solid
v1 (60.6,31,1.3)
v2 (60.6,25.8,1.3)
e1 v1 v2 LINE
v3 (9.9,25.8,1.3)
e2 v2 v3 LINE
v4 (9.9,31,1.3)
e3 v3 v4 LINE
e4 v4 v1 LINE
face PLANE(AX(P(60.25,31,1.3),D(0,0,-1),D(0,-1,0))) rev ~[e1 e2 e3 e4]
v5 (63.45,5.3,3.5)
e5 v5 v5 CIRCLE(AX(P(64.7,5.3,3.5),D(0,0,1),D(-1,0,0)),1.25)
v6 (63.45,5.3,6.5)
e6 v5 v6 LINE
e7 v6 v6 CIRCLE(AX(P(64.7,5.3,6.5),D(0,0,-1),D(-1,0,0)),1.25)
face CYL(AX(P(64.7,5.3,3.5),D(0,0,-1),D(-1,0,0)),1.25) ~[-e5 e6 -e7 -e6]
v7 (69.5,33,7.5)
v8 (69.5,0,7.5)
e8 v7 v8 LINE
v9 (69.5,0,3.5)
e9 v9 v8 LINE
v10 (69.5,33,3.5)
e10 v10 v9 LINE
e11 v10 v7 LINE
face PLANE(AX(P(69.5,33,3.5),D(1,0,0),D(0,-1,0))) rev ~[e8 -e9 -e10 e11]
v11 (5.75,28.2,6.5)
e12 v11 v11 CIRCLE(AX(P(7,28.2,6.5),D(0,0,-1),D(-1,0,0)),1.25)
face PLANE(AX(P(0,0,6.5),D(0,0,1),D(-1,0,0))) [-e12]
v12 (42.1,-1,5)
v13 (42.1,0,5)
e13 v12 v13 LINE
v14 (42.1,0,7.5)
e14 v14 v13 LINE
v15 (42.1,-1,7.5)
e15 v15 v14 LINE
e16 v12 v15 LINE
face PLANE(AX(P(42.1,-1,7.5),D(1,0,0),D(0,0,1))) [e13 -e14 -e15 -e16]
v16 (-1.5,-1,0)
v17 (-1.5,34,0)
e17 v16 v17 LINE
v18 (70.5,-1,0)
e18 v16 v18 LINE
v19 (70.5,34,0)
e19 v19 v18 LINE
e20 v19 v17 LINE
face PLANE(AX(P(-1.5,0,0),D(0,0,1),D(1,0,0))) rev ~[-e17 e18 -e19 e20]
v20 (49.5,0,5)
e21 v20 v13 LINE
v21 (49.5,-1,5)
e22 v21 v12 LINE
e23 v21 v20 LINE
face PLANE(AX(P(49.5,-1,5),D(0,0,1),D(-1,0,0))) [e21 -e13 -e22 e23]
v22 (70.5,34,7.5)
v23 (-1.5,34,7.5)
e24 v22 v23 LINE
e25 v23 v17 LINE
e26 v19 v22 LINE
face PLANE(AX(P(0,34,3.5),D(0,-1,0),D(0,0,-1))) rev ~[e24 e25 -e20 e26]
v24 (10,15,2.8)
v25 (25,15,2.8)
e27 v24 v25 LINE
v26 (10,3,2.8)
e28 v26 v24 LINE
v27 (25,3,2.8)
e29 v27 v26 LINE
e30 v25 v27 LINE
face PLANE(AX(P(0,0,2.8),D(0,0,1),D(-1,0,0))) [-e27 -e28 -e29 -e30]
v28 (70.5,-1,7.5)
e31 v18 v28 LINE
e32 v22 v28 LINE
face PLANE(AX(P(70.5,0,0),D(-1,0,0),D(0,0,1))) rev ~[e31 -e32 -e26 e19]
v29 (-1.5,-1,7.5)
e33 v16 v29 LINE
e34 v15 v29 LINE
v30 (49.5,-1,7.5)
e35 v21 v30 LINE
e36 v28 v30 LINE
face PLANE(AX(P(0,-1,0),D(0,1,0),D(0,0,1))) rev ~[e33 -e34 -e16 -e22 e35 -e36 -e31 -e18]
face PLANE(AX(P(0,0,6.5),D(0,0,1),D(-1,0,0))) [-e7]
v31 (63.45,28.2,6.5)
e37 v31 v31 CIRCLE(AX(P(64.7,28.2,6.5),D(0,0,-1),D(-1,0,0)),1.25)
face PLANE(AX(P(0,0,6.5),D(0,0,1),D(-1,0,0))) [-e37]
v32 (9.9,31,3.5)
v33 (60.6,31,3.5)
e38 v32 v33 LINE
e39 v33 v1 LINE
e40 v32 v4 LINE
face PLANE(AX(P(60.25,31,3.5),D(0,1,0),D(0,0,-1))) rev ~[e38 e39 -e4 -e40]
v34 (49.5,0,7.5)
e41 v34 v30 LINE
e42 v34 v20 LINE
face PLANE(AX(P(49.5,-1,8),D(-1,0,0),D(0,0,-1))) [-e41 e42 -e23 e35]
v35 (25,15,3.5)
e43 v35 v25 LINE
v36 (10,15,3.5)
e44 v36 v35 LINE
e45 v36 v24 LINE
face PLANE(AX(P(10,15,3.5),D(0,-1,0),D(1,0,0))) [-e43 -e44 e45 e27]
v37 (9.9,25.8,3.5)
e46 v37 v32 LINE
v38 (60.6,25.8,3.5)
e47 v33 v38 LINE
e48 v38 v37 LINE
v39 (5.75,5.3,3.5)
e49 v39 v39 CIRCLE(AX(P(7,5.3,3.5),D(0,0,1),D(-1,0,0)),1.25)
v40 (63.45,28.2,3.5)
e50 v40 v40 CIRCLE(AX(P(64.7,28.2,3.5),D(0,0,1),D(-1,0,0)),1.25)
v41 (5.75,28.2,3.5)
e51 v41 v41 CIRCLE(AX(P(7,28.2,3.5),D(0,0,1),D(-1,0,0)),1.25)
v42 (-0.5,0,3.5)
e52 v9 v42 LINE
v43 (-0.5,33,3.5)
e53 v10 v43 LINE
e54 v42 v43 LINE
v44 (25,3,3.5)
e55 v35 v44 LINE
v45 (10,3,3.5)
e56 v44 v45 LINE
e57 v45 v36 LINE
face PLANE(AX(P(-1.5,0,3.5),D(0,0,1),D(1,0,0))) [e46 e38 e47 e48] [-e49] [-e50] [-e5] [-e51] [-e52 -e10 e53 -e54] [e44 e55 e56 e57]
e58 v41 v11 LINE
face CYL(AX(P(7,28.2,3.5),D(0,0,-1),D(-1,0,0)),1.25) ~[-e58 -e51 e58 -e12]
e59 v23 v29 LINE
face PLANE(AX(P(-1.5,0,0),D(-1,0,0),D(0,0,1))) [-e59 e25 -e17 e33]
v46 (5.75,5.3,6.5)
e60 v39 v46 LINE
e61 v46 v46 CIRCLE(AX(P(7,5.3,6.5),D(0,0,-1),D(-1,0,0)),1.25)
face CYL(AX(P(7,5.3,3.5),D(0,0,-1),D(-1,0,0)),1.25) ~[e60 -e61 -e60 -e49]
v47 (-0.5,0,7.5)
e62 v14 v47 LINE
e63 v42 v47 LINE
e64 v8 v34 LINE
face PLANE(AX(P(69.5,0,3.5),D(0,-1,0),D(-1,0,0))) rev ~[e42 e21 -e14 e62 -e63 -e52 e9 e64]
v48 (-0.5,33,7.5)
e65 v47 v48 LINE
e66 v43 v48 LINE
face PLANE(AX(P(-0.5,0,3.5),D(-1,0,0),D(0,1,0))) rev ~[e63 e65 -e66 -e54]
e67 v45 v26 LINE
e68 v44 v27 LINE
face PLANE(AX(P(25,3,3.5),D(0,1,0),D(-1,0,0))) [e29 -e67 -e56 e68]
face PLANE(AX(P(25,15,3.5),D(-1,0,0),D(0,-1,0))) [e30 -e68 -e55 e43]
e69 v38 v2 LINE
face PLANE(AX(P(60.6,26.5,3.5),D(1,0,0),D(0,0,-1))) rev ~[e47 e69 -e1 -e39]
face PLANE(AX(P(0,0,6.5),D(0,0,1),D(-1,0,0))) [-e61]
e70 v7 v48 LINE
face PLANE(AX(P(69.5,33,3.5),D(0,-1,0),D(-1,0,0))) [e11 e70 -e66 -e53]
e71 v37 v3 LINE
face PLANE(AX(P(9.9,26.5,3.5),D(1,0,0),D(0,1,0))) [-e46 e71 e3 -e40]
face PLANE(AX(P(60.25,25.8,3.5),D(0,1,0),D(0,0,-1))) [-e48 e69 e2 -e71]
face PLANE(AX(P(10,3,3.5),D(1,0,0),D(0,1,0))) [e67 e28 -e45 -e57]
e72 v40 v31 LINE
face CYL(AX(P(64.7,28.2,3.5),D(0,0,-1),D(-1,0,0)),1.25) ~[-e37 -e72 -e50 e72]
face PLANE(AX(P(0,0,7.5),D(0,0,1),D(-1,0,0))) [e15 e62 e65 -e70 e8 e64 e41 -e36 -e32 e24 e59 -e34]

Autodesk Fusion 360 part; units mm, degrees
sketch "Sketch1" plane through (0, 0, 0) normal (0, 0, 1) x (1, 0, 0)
  line L0 (0, 0) -> (70.5, 0)
  line L1 (70.5, 0) -> (70.5, 32)
  line L2 (70.5, 32) -> (0, 32)
  line L3 (0, 32) -> (0, 0)
  dimension "d1" = 70.5
  dimension "d2" = 32
extrude "Extrude1" add sketch "Sketch1" along normal blind 1.5
extrude "Extrude2" add 1 faces at (47, 32, 0.5) along direction (0, 1, 0) blind 1
extrude "Extrude3" add 1 faces at (23.5, 22, 1.5) along direction (0, 0, 1) blind 2
sketch "Sketch2" plane through (0, 0, 3.5) normal (0, 0, 1) x (-1, 0, 0)
  line L0 (0, -33) -> (0, 0)
  line L1 (0, 0) -> (-70.5, 0)
  line L2 (-70.5, 0) -> (-70.5, -33)
  line L3 (-70.5, -33) -> (0, -33)
  line L4 (-35.25, -33) -> (-35.25, -31)
  line L5 (-35.25, -31) -> (-35.25, -28.75)
  line L6 (-60.25, -26.5) -> (-10.25, -26.5)
  line L7 (-10.25, -26.5) -> (-10.25, -31)
  line L8 (-10.25, -31) -> (-60.25, -31)
  line L9 (-60.25, -31) -> (-60.25, -26.5)
  line L10 (-60.25, -26.5) -> (-10.25, -31) construction
  line L11 (-10.25, -26.5) -> (-60.25, -31) construction
  point P0 (-35.25, -28.75)
  dimension "d9" = 2
  dimension "d10" = 2.25
  dimension "d11" = 50
  dimension "d12" = 4.5
extrude "Extrude4" cut sketch "Sketch2" against normal blind 2.2 contours L6 L7 L8 L9
extrude "Extrude5" cut 1 faces at (43.5833, 26.5, 2.7667) along direction (0, -1, 0) blind 0.7
extrude "Extrude6" cut 1 faces at (10.25, 27.5333, 2.7667) along direction (-1, 0, 0) blind 0.35
extrude "Extrude7" cut 1 faces at (60.25, 27.5333, 2.0333) along direction (1, 0, 0) blind 0.35
extrude "Extrude8" add 1 faces at (0, 22, 2.3333) along direction (-1, 0, 0) blind 1.5
extrude "Extrude9" add 1 faces at (22.5, 33, 1.1667) along direction (0, 1, 0) blind 1
extrude "Extrude10" add 1 faces at (46.5, 0, 1.1667) along direction (0, -1, 0) blind 1
sketch "Sketch3" plane through (0, 0, 3.5) normal (0, 0, 1) x (-1, 0, 0)
  line L0 (-60.6, -25.8) -> (-9.9, -25.8)
  line L1 (-9.9, -25.8) -> (-9.9, -31)
  line L2 (-9.9, -31) -> (-60.6, -31)
  line L3 (-60.6, -31) -> (-60.6, -25.8)
  line L4 (-70.5, 1) -> (-70.5, -34)
  line L5 (-70.5, -34) -> (1.5, -34)
  line L6 (1.5, -34) -> (1.5, 1)
  line L7 (1.5, 1) -> (-70.5, 1)
  line L8 (-10, -15) -> (-25, -15)
  line L9 (-25, -15) -> (-25, -3)
  line L10 (-25, -3) -> (-10, -3)
  line L11 (-10, -3) -> (-10, -15)
extrude "Extrude11" cut sketch "Sketch3" against normal blind 0.7 contours L8 L9 L10 L11
sketch "Sketch4" plane through (0, 0, 3.5) normal (0, 0, 1) x (-1, 0, 0)
  line L0 (-25, -15) -> (-25, -3)
  line L1 (-25, -3) -> (-10, -3)
  line L2 (-10, -3) -> (-10, -15)
  line L3 (-10, -15) -> (-25, -15)
  line L4 (-60.6, -25.8) -> (-9.9, -25.8)
  line L5 (-9.9, -25.8) -> (-9.9, -31)
  line L6 (-9.9, -31) -> (-60.6, -31)
  line L7 (-60.6, -31) -> (-60.6, -25.8)
  line L8 (-70.5, 1) -> (-70.5, -34)
  line L9 (-70.5, -34) -> (1.5, -34)
  line L10 (1.5, -34) -> (1.5, 1)
  line L11 (1.5, 1) -> (-70.5, 1)
  line L12 (1.5, -34) -> (-70.5, -34)
  line L13 (-70.5, -34) -> (-70.5, -33)
  line L14 (-70.5, -33) -> (1.5, -33)
  line L15 (1.5, -33) -> (1.5, -34)
  line L16 (1.5, 1) -> (0.5, 1)
  line L17 (0.5, 1) -> (0.5, -34)
  line L18 (0.5, -34) -> (1.5, -34)
  line L19 (1.5, -34) -> (1.5, 1)
  line L20 (1.5, 1) -> (-70.5, 1)
  line L21 (-70.5, 1) -> (-70.5, 0)
  line L22 (-70.5, 0) -> (1.5, 0)
  line L23 (1.5, 0) -> (1.5, 1)
  line L24 (-70.5, -34) -> (-69.5, -34)
  line L25 (-69.5, -34) -> (-69.5, 1)
  line L26 (-69.5, 1) -> (-70.5, 1)
  line L27 (-70.5, 1) -> (-70.5, -34)
  dimension "d29" = 1
  dimension "d30" = 1
  dimension "d31" = 1
  dimension "d32" = 1
extrude "Extrude12" add sketch "Sketch4" along normal blind 4 contours L8 L11 L20 L21 L22 L25 L26 L27 | L8 L14 L22 L25 L27 | L11 L17 L20 L22 L25 | L8 L9 L12 L13 L14 L24 L25 L27 | L10 L11 L16 L17 L19 L20 L22 L23 | L9 L12 L14 L17 L25 | L10 L14 L17 L19 L22 | L9 L10 L12 L14 L15 L17 L18 L19
sketch "Sketch5" plane through (0, 0, 3.5) normal (0, 0, 1) x (-1, 0, 0)
  line L0 (-69.5, -33) -> (0.5, -33)
  line L1 (0.5, -33) -> (0.5, 0)
  line L2 (0.5, 0) -> (-69.5, 0)
  line L3 (-69.5, 0) -> (-69.5, -33)
  line L4 (-25, -15) -> (-25, -3)
  line L5 (-25, -3) -> (-10, -3)
  line L6 (-10, -3) -> (-10, -15)
  line L7 (-10, -15) -> (-25, -15)
  line L8 (-60.6, -25.8) -> (-9.9, -25.8)
  line L9 (-9.9, -25.8) -> (-9.9, -31)
  line L10 (-9.9, -31) -> (-60.6, -31)
  line L11 (-60.6, -31) -> (-60.6, -25.8)
  line L12 (-70.5579, -29.7) -> (-66.2579, -29.7)
  circle A0 centre (-66.2579, -29.7) radius 1.375
  line L13 (-2, -34) -> (-2, -29.7)
  line L14 (1.461, -29.9433) -> (-5.539, -29.9433)
  circle A1 centre (-5.539, -29.9433) radius 1.375
  dimension "d36" = 4.3
  dimension "d37" = 2.75
  dimension "d38" = 4.3
  dimension "d39" = 7
  dimension "d40" = 2.75
extrude "Extrude13" add sketch "Sketch5" along normal blind 5 contours A1 | A0
sketch "Sketch6" plane through (0, -1, 0) normal (0, -1, 0) x (1, 0, 0)
  line L0 (-1.5, 0) -> (70.5, 0)
  line L1 (70.5, 0) -> (70.5, 7.5)
  line L2 (70.5, 7.5) -> (-1.5, 7.5)
  line L3 (-1.5, 7.5) -> (-1.5, 0)
  line L4 (70.5, 6.1254) -> (49.5, 6.1254)
  line L5 (49.5, 6.1254) -> (42.1, 6.1254)
  line L6 (42.1, 6.1254) -> (42.1, 7.5)
  line L7 (42.1, 7.5) -> (42.1, 8)
  line L8 (42.1, 8) -> (49.5, 8)
  line L9 (42.1, 8) -> (49.5, 8)
  line L10 (49.5, 8) -> (49.5, 5)
  line L11 (49.5, 5) -> (42.1, 5)
  line L12 (42.1, 5) -> (42.1, 8)
  dimension "d43" = 21
  dimension "d44" = 7.4
  dimension "d45" = 0.5
  dimension "d46" = 3
extrude "Extrude14" cut sketch "Sketch6" against normal blind 1 contours L2 L7 L8 L9 L10 L12 | L2 L5 L6 L10 L12 | L5 L10 L11 L12
sketch "Sketch7" plane through (0, 0, 3.5) normal (0, 0, 1) x (-1, 0, 0)
  circle A0 centre (-66.2579, -29.7) radius 1.375
  circle A1 centre (-5.539, -29.9433) radius 1.375
  line L0 (-69.5, -33) -> (0.5, -33)
  line L1 (0.5, -33) -> (0.5, 0)
  line L2 (0.5, 0) -> (-69.5, 0)
  line L3 (-69.5, 0) -> (-69.5, -33)
  line L4 (-25, -15) -> (-25, -3)
  line L5 (-25, -3) -> (-10, -3)
  line L6 (-10, -3) -> (-10, -15)
  line L7 (-10, -15) -> (-25, -15)
  line L8 (-60.6, -25.8) -> (-9.9, -25.8)
  line L9 (-9.9, -25.8) -> (-9.9, -31)
  line L10 (-9.9, -31) -> (-60.6, -31)
  line L11 (-60.6, -31) -> (-60.6, -25.8)
  line L12 (-66.2579, -29.7) -> (-66.2579, -6.5)
  circle A2 centre (-66.2579, -6.5) radius 1.375
  line L13 (-5.539, -29.9433) -> (-5.539, -6.7433)
  circle A3 centre (-5.539, -6.7433) radius 1.375
  dimension "d49" = 23.2
  dimension "d50" = 2.75
  dimension "d51" = 23.2
  dimension "d52" = 2.75
extrude "Extrude15" add sketch "Sketch7" along normal blind 5 contours A2 | A3
extrude "Extrude16" cut 2 faces at (66.7302, 30.022, 8.5) (66.8634, 6.1681, 8.5) along direction (0, 0, -1) blind 5
extrude "Extrude17" cut 2 faces at (5.5048, 28.9699, 8.5) (5.4119, 6.9636, 8.5) along direction (0, 0, -1) blind 5
sketch "Sketch8" plane through (0, 0, 3.5) normal (0, 0, 1) x (-1, 0, 0)
  line L0 (-69.5, -33) -> (0.5, -33)
  line L1 (0.5, -33) -> (0.5, 0)
  line L2 (0.5, 0) -> (-69.5, 0)
  line L3 (-69.5, 0) -> (-69.5, -33)
  line L4 (-25, -15) -> (-25, -3)
  line L5 (-25, -3) -> (-10, -3)
  line L6 (-10, -3) -> (-10, -15)
  line L7 (-10, -15) -> (-25, -15)
  line L8 (-60.6, -25.8) -> (-9.9, -25.8)
  line L9 (-9.9, -25.8) -> (-9.9, -31)
  line L10 (-9.9, -31) -> (-60.6, -31)
  line L11 (-60.6, -31) -> (-60.6, -25.8)
  line L12 (-70.5, -34) -> (-70.5, -28.2)
  line L13 (-70.5, -28.2) -> (-66.5, -28.2)
  line L14 (-70.5, -34) -> (-64.7, -34)
  line L15 (-64.7, -34) -> (-64.7, -30)
  line L16 (-64.7, -30) -> (-64.7, -27.5)
  line L17 (-66.5, -28.2) -> (-64.7, -28.2)
  circle A0 centre (-64.7, -28.2) radius 1.25
  line L18 (-64.7, -28.2) -> (-64.7, -26.95)
  line L19 (-64.7, -26.95) -> (-64.7, -6.95)
  circle A1 centre (-64.7, -5.7) radius 1.25
  line L20 (-64.7, -5.7) -> (-8.25, -5.7)
  circle A2 centre (-7, -5.7) radius 1.25
  line L21 (-7, -5.7) -> (-7, -26.95)
  circle A3 centre (-7, -28.2) radius 1.25
  dimension "d72" = 5.8
  dimension "d74" = 4
  dimension "d75" = 5.8
  dimension "d76" = 4
  dimension "d77" = 2.5
  dimension "d78" = 1.25
  dimension "d79" = 20
  dimension "d80" = 2.5
  dimension "d81" = 56.45
  dimension "d82" = 2.5
  dimension "d83" = 21.25
  dimension "d84" = 2.5
extrude "Extrude18" add sketch "Sketch8" along normal blind 3 contours A3 | A2 | A1 | L16 L17 A0 | L16 A0 L18 | L16 L17 A0 L18
sketch "Sketch9" plane through (0, 0, 6.5) normal (0, 0, 1) x (-1, 0, 0)
  circle A0 centre (-64.7, -28.2) radius 1.25
extrude "Extrude19" cut 2 faces at (6.88, 5.4166, 6.5) (64.5007, 5.6393, 6.5) along direction (0, 0, -1) blind 3
sketch "Sketch10" plane through (0, 0, 3.5) normal (0, 0, 1) x (-1, 0, 0)
  circle A0 centre (-64.7, -28.2) radius 1.25
  circle A1 centre (-7, -28.2) radius 1.25
  line L0 (-69.5, -33) -> (0.5, -33)
  line L1 (0.5, -33) -> (0.5, 0)
  line L2 (0.5, 0) -> (-69.5, 0)
  line L3 (-69.5, 0) -> (-69.5, -33)
  line L4 (-25, -15) -> (-25, -3)
  line L5 (-25, -3) -> (-10, -3)
  line L6 (-10, -3) -> (-10, -15)
  line L7 (-10, -15) -> (-25, -15)
  line L8 (-60.6, -25.8) -> (-9.9, -25.8)
  line L9 (-9.9, -25.8) -> (-9.9, -31)
  line L10 (-9.9, -31) -> (-60.6, -31)
  line L11 (-60.6, -31) -> (-60.6, -25.8)
  line L12 (-64.7, -28.2) -> (-64.7, -26.95)
  line L13 (-64.7, -26.95) -> (-64.7, -6.55)
  circle A2 centre (-64.7, -5.3) radius 1.25
  line L14 (-64.7, -5.3) -> (-63.45, -5.3)
  line L15 (-63.45, -5.3) -> (-8.25, -5.3)
  circle A3 centre (-7, -5.3) radius 1.25
  dimension "d89" = 20.4
  dimension "d90" = 2.5
  dimension "d91" = 55.2
  dimension "d92" = 2.5
extrude "Extrude20" add sketch "Sketch10" along normal blind 3 contours A3 | A2
